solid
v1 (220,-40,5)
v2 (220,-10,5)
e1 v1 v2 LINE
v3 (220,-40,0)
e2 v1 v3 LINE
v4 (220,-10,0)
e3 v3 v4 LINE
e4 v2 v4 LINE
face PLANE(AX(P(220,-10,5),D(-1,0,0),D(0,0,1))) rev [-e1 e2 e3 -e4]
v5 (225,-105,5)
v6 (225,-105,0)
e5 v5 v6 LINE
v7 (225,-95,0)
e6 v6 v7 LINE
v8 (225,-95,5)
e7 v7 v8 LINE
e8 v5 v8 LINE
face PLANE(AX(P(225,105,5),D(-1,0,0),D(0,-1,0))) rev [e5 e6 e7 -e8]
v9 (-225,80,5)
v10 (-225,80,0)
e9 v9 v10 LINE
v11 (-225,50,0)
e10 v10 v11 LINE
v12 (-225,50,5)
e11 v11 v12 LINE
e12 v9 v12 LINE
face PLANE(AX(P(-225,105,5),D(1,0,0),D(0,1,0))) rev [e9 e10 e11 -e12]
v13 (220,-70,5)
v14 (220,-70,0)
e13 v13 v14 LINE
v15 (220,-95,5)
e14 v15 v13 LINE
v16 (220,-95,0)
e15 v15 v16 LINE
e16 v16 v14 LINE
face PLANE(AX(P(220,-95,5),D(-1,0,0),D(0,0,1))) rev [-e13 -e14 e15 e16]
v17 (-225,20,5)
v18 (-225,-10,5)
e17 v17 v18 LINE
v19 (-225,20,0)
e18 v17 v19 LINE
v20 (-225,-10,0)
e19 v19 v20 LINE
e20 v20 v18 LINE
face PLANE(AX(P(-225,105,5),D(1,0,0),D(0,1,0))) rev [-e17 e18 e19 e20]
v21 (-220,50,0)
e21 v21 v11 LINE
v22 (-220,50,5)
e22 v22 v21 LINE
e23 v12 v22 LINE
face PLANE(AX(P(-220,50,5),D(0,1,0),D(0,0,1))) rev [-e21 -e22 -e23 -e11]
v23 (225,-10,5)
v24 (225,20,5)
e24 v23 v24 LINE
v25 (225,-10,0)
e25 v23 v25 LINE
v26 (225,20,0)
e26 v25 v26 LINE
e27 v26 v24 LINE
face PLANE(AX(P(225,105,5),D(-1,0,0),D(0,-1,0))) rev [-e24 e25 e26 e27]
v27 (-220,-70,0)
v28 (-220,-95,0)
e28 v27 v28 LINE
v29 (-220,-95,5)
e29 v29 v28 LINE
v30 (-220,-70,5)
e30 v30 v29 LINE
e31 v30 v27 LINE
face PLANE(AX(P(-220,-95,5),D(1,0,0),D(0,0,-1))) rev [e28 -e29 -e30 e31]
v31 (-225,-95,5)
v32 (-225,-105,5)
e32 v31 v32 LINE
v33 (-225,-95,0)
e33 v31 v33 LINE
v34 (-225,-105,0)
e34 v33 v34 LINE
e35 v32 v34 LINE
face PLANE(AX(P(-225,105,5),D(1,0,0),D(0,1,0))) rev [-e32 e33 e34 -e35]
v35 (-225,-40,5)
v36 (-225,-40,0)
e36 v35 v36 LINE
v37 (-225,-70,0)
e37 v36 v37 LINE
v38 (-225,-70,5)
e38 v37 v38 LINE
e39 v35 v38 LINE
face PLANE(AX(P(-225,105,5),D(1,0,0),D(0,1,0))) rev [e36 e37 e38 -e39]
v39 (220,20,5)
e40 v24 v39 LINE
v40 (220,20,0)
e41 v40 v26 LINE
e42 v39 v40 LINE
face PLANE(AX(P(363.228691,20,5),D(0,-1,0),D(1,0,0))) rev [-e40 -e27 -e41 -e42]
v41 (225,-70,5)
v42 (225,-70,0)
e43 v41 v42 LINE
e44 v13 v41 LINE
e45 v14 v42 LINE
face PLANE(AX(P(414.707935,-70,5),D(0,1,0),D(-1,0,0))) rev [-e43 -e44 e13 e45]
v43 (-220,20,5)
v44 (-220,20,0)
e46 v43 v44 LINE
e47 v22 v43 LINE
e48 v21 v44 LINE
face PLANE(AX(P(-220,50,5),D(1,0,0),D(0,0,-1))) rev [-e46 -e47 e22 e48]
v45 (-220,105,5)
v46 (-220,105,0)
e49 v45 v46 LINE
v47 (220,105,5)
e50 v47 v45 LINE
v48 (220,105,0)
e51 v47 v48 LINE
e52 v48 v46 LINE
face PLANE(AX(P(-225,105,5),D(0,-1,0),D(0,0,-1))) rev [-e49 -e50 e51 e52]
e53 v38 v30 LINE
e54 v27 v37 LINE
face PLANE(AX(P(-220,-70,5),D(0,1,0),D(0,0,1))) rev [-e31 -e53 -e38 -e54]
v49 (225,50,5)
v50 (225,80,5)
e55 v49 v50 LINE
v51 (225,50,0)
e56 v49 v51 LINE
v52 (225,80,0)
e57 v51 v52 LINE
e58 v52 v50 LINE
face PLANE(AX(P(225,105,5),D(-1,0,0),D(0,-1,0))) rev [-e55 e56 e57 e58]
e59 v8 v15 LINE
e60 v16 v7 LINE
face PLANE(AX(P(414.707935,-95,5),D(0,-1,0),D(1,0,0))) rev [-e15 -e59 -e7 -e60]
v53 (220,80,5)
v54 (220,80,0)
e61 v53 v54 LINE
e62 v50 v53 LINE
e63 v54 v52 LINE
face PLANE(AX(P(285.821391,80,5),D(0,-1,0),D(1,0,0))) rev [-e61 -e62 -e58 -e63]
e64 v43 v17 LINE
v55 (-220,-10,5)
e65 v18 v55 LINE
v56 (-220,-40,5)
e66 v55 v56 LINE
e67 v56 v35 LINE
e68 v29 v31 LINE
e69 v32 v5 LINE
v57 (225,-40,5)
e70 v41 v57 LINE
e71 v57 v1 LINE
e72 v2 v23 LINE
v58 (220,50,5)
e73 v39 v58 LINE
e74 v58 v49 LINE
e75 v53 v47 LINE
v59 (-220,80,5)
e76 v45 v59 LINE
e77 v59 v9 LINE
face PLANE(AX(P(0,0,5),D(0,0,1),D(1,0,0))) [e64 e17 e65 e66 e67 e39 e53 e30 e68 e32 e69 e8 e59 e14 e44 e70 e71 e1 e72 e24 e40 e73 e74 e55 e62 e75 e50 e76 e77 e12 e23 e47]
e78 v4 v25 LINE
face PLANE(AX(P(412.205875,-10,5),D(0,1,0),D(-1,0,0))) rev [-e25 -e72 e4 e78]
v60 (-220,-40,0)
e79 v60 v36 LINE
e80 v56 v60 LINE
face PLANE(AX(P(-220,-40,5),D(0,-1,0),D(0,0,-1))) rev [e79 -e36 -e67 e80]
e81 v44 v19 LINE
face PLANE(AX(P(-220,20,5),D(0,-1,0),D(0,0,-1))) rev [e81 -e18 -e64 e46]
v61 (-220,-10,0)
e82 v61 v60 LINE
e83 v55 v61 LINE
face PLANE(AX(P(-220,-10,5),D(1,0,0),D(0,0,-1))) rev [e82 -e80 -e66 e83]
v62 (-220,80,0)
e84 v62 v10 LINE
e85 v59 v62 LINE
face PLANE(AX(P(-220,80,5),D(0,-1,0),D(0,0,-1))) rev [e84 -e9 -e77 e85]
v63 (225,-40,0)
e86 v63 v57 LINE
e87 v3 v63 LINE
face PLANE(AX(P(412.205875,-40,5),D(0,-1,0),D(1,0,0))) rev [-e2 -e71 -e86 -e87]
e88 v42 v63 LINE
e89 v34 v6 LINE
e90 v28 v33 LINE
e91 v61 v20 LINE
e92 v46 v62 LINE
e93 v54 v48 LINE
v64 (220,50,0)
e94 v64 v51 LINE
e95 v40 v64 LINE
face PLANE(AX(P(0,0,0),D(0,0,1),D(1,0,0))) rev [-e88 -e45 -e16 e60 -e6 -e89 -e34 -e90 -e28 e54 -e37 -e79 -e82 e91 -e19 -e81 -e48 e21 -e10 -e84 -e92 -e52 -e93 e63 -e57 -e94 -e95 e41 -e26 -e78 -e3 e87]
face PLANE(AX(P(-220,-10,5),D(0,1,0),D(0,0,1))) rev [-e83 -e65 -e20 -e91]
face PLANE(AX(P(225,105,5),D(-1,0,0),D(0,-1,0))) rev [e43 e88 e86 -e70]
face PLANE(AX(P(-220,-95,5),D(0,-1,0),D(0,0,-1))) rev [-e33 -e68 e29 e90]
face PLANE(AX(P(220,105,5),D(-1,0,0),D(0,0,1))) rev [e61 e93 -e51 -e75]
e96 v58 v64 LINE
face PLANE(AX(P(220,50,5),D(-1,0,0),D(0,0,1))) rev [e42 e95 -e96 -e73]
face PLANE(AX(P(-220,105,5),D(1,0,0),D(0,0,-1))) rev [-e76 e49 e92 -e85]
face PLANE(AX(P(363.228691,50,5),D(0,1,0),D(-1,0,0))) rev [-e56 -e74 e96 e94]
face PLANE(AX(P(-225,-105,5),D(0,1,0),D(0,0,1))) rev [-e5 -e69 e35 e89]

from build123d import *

# Parameters (mm, degrees)
SKETCH1_W           = 450
SKETCH1_H           = 210
BOSS_EXTRUDE1_DEPTH = 5
SKETCH3_W           = 65.821391225
SKETCH3_H           = 25
SKETCH3_W_2         = 143.228691138
SKETCH3_H_2         = 30
SKETCH3_W_3         = 192.205874683
SKETCH3_W_4         = 194.707934706
SKETCH3_W_5         = 70.821391225
SKETCH3_W_6         = 148.228691138
SKETCH3_W_7         = 194.705874683
SKETCH3_W_8         = 199.707934706
CUT_EXTRUDE1_DEPTH  = 6


with BuildPart() as part:
    # Sketch1 → Boss-Extrude1 (new body)
    with BuildSketch(Plane.XY):
        Rectangle(SKETCH1_W, SKETCH1_H)
    extrude(amount=BOSS_EXTRUDE1_DEPTH)

    # Sketch3 → Cut-Extrude1 (cut, through all)
    with BuildSketch(Plane(origin=(0, 0, 0), x_dir=(-1, 0, 0), z_dir=(0, 0, -1))):
        with Locations((-252.910695613, 92.5)):
            Rectangle(SKETCH3_W, SKETCH3_H)
        with Locations((-291.614345569, 35)):
            Rectangle(SKETCH3_W_2, SKETCH3_H_2)
        with Locations((-316.102937342, -25)):
            Rectangle(SKETCH3_W_3, SKETCH3_H_2)
        with Locations((-317.353967353, -82.5)):
            Rectangle(SKETCH3_W_4, SKETCH3_H)
        with Locations((255.410695613, 92.5)):
            Rectangle(SKETCH3_W_5, SKETCH3_H)
        with Locations((294.114345569, 35)):
            Rectangle(SKETCH3_W_6, SKETCH3_H_2)
        with Locations((317.352937342, -25)):
            Rectangle(SKETCH3_W_7, SKETCH3_H_2)
        with Locations((319.853967353, -82.5)):
            Rectangle(SKETCH3_W_8, SKETCH3_H)
    extrude(amount=-CUT_EXTRUDE1_DEPTH, mode=Mode.SUBTRACT)


solid = part.part
